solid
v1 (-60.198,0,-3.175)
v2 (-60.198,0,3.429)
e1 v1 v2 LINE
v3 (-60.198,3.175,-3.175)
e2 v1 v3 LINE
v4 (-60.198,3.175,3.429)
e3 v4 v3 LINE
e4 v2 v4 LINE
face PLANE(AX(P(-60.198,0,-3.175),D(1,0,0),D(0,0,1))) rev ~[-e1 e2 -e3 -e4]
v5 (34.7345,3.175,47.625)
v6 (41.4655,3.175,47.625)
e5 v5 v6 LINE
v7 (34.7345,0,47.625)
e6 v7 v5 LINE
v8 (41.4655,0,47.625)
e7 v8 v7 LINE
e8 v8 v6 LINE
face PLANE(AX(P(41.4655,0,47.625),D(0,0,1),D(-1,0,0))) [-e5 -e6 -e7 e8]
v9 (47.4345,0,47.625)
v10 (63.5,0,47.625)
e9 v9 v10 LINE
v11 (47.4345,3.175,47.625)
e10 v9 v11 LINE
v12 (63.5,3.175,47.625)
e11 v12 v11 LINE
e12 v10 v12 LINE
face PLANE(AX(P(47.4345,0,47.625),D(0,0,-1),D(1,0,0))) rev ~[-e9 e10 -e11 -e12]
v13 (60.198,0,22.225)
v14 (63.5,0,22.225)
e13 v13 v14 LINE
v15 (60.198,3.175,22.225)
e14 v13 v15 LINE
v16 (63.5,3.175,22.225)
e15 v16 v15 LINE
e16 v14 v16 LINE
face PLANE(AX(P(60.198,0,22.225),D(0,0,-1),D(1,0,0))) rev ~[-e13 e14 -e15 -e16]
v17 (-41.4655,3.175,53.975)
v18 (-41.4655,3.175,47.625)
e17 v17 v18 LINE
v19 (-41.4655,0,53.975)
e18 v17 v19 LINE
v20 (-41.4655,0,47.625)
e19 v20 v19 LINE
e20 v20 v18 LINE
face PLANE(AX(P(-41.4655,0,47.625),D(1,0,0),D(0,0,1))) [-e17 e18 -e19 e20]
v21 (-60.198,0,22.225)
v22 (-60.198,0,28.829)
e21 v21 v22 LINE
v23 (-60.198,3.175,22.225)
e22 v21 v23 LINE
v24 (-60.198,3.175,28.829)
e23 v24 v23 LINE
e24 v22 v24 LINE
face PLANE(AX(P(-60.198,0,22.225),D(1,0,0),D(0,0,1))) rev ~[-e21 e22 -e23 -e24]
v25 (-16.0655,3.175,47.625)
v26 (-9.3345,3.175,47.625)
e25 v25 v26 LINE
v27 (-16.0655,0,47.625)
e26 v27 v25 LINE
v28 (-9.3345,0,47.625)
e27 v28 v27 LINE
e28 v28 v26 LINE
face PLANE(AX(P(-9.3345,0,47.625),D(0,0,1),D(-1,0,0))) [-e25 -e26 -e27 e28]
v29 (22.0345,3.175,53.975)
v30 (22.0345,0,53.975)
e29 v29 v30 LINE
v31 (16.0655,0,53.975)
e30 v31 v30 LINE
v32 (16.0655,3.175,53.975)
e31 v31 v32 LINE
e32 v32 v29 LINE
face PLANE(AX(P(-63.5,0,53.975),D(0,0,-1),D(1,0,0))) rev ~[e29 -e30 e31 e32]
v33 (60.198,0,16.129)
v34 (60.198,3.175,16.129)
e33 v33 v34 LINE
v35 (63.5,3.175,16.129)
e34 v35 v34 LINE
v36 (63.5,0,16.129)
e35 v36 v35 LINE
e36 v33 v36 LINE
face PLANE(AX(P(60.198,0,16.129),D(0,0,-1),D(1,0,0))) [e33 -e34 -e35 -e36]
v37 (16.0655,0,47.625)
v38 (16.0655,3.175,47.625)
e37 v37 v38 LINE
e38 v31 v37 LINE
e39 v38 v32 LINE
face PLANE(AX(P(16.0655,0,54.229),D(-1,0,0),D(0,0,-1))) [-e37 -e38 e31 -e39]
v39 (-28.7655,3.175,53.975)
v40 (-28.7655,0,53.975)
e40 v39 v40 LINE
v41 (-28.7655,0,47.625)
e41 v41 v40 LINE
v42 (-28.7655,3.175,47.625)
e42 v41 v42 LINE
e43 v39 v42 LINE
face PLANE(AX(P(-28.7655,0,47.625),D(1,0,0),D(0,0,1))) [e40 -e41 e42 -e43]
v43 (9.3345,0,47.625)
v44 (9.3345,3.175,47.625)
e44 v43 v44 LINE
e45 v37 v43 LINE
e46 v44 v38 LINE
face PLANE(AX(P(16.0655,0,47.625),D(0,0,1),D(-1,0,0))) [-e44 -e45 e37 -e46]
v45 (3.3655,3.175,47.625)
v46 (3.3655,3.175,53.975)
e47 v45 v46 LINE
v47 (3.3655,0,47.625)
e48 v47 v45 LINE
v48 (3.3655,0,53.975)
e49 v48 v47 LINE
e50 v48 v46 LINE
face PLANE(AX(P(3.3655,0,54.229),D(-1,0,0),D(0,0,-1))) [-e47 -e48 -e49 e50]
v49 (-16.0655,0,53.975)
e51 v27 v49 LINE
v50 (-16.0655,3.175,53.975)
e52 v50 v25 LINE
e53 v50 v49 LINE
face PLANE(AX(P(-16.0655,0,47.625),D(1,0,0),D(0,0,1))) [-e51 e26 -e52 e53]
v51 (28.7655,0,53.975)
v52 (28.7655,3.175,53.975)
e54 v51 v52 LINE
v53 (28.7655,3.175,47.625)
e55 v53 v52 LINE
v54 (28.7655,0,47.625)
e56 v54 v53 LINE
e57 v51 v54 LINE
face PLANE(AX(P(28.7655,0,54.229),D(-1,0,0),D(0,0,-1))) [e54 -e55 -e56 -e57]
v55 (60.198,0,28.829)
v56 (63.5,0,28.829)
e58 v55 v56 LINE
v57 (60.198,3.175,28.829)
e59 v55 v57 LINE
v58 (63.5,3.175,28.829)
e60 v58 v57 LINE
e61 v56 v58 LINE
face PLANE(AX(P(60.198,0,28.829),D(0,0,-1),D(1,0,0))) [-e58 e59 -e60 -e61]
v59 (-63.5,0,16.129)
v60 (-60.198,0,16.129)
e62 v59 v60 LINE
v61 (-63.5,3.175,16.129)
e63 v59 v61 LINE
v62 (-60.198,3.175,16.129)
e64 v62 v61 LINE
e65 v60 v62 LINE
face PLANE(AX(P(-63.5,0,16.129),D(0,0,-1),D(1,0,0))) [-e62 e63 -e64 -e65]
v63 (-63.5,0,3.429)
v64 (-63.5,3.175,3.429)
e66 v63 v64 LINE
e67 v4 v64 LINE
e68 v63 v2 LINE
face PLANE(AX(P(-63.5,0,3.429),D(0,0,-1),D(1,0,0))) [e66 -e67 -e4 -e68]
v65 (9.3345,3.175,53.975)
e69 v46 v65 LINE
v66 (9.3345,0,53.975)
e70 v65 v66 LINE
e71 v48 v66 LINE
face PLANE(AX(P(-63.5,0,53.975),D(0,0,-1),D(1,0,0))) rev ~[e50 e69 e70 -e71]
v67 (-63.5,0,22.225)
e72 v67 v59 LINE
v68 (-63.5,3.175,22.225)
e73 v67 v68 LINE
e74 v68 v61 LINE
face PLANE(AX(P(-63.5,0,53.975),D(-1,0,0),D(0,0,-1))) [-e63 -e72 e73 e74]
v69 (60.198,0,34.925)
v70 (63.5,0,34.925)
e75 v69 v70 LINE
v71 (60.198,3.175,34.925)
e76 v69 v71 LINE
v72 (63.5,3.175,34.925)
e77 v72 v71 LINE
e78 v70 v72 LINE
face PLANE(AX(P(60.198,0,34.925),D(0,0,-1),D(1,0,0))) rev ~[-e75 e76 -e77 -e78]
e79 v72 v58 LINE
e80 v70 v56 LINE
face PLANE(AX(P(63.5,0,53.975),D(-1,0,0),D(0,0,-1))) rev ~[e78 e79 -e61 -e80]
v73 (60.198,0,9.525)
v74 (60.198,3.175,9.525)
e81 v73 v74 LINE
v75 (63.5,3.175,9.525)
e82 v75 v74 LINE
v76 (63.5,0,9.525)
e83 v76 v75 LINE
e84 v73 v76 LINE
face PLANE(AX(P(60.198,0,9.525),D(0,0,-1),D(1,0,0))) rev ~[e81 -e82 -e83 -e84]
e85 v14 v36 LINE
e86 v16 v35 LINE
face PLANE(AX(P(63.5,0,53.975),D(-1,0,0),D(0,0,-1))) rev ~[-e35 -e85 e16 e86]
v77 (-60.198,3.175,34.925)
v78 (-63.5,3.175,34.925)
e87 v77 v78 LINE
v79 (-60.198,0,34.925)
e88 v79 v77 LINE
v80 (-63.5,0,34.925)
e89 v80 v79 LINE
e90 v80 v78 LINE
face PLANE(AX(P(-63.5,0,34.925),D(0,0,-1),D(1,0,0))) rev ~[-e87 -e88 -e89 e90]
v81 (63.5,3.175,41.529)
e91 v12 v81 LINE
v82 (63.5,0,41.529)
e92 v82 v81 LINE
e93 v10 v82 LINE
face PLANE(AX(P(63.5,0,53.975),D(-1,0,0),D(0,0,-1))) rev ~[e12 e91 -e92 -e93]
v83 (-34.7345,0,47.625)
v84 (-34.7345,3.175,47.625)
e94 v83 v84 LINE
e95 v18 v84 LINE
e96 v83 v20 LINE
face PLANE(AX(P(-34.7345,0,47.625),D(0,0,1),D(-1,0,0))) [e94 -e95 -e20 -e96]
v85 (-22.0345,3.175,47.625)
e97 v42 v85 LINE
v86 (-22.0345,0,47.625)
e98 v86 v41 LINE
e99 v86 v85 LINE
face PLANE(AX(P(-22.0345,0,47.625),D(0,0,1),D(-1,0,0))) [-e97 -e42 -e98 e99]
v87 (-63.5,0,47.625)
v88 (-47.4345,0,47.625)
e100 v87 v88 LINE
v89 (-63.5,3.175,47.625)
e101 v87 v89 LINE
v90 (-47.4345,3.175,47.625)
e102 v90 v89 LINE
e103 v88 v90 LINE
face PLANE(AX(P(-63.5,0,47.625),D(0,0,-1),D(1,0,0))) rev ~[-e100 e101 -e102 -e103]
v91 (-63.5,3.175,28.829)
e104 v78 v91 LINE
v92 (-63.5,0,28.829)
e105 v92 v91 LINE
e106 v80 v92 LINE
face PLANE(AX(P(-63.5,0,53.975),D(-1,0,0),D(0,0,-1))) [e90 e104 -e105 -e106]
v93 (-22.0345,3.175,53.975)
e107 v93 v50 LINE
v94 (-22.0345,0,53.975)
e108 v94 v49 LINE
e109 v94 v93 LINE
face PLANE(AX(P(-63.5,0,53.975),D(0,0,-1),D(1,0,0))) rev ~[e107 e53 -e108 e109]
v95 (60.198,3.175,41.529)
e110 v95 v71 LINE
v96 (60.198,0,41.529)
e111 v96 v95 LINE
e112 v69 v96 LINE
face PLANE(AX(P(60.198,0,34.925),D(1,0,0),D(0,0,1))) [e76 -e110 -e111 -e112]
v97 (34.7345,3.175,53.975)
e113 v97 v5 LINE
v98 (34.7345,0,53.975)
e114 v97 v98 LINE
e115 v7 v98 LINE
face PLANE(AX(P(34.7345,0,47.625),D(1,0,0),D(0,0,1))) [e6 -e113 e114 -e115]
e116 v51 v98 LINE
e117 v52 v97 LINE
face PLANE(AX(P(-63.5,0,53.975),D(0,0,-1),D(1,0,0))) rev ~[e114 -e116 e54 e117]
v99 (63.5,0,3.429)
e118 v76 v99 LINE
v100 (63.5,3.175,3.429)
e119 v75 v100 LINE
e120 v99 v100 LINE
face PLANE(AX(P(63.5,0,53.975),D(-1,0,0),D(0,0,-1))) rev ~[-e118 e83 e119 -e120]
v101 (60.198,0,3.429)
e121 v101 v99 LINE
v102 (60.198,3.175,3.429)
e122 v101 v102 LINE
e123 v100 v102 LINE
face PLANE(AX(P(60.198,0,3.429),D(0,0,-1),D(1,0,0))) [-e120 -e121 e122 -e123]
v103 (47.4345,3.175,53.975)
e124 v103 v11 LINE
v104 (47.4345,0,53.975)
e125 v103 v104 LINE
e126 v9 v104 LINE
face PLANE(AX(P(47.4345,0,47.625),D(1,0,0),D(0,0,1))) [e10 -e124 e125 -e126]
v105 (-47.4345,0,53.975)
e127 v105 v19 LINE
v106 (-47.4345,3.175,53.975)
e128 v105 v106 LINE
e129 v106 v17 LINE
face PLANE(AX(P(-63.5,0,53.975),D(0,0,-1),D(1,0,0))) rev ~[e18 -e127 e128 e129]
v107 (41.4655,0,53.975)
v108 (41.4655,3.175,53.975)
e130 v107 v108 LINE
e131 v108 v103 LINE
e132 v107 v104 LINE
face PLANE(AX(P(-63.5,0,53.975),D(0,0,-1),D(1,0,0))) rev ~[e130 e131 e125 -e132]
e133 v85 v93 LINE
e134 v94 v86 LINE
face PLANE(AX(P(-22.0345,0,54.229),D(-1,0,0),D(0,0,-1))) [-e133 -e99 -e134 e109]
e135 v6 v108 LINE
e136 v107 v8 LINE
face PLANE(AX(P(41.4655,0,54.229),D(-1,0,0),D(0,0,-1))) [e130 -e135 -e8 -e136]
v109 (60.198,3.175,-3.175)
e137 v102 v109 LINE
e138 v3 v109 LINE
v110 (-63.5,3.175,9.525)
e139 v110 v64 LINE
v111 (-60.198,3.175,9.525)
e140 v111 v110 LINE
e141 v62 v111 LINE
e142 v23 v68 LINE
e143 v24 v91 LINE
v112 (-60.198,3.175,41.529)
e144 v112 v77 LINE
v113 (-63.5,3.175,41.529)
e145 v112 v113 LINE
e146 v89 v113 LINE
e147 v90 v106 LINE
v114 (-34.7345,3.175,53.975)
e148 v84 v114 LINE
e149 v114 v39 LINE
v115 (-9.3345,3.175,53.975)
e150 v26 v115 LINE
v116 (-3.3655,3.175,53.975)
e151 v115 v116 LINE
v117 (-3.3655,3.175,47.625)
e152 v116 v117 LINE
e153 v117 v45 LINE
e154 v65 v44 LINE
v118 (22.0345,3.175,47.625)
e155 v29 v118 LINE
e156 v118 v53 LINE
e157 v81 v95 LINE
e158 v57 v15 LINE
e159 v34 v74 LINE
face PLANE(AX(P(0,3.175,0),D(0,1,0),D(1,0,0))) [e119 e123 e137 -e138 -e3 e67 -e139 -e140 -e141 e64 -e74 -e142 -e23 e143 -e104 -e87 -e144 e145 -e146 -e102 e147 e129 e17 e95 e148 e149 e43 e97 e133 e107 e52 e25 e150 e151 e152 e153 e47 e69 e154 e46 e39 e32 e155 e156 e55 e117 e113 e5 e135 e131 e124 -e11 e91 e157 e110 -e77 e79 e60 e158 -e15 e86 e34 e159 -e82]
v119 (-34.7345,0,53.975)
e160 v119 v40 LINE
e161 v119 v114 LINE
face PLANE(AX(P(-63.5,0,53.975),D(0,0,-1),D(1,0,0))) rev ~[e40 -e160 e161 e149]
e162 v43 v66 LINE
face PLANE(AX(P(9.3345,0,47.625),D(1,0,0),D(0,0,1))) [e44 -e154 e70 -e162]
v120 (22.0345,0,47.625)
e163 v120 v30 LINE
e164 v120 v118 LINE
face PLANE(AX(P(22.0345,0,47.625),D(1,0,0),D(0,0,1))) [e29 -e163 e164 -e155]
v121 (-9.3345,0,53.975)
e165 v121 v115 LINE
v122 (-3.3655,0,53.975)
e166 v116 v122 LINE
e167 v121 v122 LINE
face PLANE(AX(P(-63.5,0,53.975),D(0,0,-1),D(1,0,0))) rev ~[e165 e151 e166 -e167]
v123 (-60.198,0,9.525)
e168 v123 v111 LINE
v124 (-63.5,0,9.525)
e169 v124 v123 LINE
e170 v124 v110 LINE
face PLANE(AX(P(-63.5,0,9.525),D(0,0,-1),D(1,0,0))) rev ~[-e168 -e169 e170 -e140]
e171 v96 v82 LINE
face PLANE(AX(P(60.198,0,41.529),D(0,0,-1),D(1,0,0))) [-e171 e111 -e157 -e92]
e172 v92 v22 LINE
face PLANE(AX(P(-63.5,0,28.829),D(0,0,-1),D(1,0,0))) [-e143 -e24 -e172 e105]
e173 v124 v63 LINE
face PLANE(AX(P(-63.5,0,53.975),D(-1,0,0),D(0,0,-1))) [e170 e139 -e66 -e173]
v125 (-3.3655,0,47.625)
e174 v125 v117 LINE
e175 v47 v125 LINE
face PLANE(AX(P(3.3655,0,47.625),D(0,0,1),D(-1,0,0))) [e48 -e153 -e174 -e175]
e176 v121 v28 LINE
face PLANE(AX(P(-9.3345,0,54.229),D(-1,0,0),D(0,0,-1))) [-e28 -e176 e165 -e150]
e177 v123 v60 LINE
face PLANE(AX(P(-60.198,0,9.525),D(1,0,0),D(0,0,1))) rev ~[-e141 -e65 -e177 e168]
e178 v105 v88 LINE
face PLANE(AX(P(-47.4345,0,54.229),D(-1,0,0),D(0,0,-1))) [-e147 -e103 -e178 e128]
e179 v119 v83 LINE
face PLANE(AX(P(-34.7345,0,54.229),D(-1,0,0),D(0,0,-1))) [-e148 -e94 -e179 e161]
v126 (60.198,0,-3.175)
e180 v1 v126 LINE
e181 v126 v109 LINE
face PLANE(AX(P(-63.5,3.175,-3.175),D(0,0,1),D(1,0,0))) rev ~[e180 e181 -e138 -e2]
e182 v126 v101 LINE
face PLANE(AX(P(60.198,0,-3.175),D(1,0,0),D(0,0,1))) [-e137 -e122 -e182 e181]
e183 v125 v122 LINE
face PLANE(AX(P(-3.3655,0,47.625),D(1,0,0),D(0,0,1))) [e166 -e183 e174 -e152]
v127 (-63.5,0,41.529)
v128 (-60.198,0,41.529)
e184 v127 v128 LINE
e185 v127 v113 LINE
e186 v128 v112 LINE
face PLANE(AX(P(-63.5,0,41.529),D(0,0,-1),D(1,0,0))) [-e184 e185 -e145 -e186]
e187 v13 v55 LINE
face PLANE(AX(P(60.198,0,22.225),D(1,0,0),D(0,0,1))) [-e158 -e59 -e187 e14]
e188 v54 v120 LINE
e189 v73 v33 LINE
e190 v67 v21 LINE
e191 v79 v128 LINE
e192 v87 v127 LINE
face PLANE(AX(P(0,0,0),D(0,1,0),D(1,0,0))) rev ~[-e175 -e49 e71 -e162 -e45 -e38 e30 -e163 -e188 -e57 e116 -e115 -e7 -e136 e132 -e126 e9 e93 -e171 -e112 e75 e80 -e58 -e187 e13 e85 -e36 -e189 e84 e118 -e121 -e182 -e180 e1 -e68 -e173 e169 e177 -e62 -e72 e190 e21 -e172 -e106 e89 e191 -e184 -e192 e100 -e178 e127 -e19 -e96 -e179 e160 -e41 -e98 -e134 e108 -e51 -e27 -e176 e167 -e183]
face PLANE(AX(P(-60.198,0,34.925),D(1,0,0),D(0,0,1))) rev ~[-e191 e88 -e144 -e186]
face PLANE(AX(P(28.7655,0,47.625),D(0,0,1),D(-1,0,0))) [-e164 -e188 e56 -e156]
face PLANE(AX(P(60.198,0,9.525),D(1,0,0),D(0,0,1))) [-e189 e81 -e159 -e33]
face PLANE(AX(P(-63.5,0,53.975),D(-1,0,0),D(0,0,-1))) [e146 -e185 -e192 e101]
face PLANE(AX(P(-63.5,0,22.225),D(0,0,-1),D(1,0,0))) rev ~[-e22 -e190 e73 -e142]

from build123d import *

# Parameters (mm, degrees)
SKETCH1_W           = 127
SKETCH1_H           = 107.95
BOSS_EXTRUDE1_DEPTH = 3.175
SKETCH2_W           = 3.302
SKETCH2_H           = 6.604
CUT_EXTRUDE1_DEPTH  = 84.400427157
SKETCH3_W           = 127
SKETCH3_H           = 50.8
CUT_EXTRUDE2_DEPTH  = 84.400427157


with BuildPart() as part:
    # Sketch1 → Boss-Extrude1 (new body)
    with BuildSketch(Plane(origin=(0, 0, 0), x_dir=(1, 0, 0), z_dir=(0, 1, 0))):
        Rectangle(SKETCH1_W, SKETCH1_H)
    extrude(amount=BOSS_EXTRUDE1_DEPTH)

    # Sketch2 → Cut-Extrude1 (cut, through all)
    with BuildSketch(Plane.XZ):
        Polygon((-34.7345, 47.625), (-41.4655, 47.625), (-41.4655, 54.229), (-47.4345, 54.229), (-47.4345, 47.625), (-60.198, 47.625), (-63.5, 47.625), (-63.5, 54.229), (-63.5, 63.03162391), (63.5, 63.03162391), (63.5, 54.229), (63.5, 47.625), (60.198, 47.625), (47.4345, 47.625), (47.4345, 54.229), (41.4655, 54.229), (41.4655, 47.625), (34.7345, 47.625), (34.7345, 54.229), (28.7655, 54.229), (28.7655, 47.625), (22.0345, 47.625), (22.0345, 54.229), (16.0655, 54.229), (16.0655, 47.625), (9.3345, 47.625), (9.3345, 54.229), (3.3655, 54.229), (3.3655, 47.625), (-3.3655, 47.625), (-3.3655, 54.229), (-9.3345, 54.229), (-9.3345, 47.625), (-16.0655, 47.625), (-16.0655, 54.229), (-22.0345, 54.229), (-22.0345, 47.625), (-28.7655, 47.625), (-28.7655, 54.229), (-34.7345, 54.229), align=None)
        with Locations((61.849, 38.227)):
            Rectangle(SKETCH2_W, SKETCH2_H)
        with Locations((61.849, 25.527)):
            Rectangle(SKETCH2_W, SKETCH2_H)
        with Locations((61.849, 12.827)):
            Rectangle(SKETCH2_W, SKETCH2_H)
        with Locations((61.849, 0.127)):
            Rectangle(SKETCH2_W, SKETCH2_H)
        with Locations((61.849, -12.573)):
            Rectangle(SKETCH2_W, SKETCH2_H)
        with Locations((61.849, -25.273)):
            Rectangle(SKETCH2_W, SKETCH2_H)
        with Locations((61.849, -37.973)):
            Rectangle(SKETCH2_W, SKETCH2_H)
        with Locations((-61.849, -37.973)):
            Rectangle(SKETCH2_W, SKETCH2_H)
        with Locations((-61.849, -25.273)):
            Rectangle(SKETCH2_W, SKETCH2_H)
        with Locations((-61.849, -12.573)):
            Rectangle(SKETCH2_W, SKETCH2_H)
        with Locations((-61.849, 0.127)):
            Rectangle(SKETCH2_W, SKETCH2_H)
        with Locations((-61.849, 12.827)):
            Rectangle(SKETCH2_W, SKETCH2_H)
        with Locations((-61.849, 25.527)):
            Rectangle(SKETCH2_W, SKETCH2_H)
        with Locations((-61.849, 38.227)):
            Rectangle(SKETCH2_W, SKETCH2_H)
        with Locations((61.849, -50.673)):
            Rectangle(SKETCH2_W, SKETCH2_H)
        with Locations((-61.849, -50.673)):
            Rectangle(SKETCH2_W, SKETCH2_H)
    extrude(amount=-CUT_EXTRUDE1_DEPTH, mode=Mode.SUBTRACT)

    # Sketch3 → Cut-Extrude2 (cut, through all)
    with BuildSketch(Plane(origin=(0, 3.175, 0), x_dir=(1, 0, 0), z_dir=(0, 1, 0))):
        with Locations((0, 28.575)):
            Rectangle(SKETCH3_W, SKETCH3_H)
    extrude(amount=-CUT_EXTRUDE2_DEPTH, mode=Mode.SUBTRACT)


solid = part.part
